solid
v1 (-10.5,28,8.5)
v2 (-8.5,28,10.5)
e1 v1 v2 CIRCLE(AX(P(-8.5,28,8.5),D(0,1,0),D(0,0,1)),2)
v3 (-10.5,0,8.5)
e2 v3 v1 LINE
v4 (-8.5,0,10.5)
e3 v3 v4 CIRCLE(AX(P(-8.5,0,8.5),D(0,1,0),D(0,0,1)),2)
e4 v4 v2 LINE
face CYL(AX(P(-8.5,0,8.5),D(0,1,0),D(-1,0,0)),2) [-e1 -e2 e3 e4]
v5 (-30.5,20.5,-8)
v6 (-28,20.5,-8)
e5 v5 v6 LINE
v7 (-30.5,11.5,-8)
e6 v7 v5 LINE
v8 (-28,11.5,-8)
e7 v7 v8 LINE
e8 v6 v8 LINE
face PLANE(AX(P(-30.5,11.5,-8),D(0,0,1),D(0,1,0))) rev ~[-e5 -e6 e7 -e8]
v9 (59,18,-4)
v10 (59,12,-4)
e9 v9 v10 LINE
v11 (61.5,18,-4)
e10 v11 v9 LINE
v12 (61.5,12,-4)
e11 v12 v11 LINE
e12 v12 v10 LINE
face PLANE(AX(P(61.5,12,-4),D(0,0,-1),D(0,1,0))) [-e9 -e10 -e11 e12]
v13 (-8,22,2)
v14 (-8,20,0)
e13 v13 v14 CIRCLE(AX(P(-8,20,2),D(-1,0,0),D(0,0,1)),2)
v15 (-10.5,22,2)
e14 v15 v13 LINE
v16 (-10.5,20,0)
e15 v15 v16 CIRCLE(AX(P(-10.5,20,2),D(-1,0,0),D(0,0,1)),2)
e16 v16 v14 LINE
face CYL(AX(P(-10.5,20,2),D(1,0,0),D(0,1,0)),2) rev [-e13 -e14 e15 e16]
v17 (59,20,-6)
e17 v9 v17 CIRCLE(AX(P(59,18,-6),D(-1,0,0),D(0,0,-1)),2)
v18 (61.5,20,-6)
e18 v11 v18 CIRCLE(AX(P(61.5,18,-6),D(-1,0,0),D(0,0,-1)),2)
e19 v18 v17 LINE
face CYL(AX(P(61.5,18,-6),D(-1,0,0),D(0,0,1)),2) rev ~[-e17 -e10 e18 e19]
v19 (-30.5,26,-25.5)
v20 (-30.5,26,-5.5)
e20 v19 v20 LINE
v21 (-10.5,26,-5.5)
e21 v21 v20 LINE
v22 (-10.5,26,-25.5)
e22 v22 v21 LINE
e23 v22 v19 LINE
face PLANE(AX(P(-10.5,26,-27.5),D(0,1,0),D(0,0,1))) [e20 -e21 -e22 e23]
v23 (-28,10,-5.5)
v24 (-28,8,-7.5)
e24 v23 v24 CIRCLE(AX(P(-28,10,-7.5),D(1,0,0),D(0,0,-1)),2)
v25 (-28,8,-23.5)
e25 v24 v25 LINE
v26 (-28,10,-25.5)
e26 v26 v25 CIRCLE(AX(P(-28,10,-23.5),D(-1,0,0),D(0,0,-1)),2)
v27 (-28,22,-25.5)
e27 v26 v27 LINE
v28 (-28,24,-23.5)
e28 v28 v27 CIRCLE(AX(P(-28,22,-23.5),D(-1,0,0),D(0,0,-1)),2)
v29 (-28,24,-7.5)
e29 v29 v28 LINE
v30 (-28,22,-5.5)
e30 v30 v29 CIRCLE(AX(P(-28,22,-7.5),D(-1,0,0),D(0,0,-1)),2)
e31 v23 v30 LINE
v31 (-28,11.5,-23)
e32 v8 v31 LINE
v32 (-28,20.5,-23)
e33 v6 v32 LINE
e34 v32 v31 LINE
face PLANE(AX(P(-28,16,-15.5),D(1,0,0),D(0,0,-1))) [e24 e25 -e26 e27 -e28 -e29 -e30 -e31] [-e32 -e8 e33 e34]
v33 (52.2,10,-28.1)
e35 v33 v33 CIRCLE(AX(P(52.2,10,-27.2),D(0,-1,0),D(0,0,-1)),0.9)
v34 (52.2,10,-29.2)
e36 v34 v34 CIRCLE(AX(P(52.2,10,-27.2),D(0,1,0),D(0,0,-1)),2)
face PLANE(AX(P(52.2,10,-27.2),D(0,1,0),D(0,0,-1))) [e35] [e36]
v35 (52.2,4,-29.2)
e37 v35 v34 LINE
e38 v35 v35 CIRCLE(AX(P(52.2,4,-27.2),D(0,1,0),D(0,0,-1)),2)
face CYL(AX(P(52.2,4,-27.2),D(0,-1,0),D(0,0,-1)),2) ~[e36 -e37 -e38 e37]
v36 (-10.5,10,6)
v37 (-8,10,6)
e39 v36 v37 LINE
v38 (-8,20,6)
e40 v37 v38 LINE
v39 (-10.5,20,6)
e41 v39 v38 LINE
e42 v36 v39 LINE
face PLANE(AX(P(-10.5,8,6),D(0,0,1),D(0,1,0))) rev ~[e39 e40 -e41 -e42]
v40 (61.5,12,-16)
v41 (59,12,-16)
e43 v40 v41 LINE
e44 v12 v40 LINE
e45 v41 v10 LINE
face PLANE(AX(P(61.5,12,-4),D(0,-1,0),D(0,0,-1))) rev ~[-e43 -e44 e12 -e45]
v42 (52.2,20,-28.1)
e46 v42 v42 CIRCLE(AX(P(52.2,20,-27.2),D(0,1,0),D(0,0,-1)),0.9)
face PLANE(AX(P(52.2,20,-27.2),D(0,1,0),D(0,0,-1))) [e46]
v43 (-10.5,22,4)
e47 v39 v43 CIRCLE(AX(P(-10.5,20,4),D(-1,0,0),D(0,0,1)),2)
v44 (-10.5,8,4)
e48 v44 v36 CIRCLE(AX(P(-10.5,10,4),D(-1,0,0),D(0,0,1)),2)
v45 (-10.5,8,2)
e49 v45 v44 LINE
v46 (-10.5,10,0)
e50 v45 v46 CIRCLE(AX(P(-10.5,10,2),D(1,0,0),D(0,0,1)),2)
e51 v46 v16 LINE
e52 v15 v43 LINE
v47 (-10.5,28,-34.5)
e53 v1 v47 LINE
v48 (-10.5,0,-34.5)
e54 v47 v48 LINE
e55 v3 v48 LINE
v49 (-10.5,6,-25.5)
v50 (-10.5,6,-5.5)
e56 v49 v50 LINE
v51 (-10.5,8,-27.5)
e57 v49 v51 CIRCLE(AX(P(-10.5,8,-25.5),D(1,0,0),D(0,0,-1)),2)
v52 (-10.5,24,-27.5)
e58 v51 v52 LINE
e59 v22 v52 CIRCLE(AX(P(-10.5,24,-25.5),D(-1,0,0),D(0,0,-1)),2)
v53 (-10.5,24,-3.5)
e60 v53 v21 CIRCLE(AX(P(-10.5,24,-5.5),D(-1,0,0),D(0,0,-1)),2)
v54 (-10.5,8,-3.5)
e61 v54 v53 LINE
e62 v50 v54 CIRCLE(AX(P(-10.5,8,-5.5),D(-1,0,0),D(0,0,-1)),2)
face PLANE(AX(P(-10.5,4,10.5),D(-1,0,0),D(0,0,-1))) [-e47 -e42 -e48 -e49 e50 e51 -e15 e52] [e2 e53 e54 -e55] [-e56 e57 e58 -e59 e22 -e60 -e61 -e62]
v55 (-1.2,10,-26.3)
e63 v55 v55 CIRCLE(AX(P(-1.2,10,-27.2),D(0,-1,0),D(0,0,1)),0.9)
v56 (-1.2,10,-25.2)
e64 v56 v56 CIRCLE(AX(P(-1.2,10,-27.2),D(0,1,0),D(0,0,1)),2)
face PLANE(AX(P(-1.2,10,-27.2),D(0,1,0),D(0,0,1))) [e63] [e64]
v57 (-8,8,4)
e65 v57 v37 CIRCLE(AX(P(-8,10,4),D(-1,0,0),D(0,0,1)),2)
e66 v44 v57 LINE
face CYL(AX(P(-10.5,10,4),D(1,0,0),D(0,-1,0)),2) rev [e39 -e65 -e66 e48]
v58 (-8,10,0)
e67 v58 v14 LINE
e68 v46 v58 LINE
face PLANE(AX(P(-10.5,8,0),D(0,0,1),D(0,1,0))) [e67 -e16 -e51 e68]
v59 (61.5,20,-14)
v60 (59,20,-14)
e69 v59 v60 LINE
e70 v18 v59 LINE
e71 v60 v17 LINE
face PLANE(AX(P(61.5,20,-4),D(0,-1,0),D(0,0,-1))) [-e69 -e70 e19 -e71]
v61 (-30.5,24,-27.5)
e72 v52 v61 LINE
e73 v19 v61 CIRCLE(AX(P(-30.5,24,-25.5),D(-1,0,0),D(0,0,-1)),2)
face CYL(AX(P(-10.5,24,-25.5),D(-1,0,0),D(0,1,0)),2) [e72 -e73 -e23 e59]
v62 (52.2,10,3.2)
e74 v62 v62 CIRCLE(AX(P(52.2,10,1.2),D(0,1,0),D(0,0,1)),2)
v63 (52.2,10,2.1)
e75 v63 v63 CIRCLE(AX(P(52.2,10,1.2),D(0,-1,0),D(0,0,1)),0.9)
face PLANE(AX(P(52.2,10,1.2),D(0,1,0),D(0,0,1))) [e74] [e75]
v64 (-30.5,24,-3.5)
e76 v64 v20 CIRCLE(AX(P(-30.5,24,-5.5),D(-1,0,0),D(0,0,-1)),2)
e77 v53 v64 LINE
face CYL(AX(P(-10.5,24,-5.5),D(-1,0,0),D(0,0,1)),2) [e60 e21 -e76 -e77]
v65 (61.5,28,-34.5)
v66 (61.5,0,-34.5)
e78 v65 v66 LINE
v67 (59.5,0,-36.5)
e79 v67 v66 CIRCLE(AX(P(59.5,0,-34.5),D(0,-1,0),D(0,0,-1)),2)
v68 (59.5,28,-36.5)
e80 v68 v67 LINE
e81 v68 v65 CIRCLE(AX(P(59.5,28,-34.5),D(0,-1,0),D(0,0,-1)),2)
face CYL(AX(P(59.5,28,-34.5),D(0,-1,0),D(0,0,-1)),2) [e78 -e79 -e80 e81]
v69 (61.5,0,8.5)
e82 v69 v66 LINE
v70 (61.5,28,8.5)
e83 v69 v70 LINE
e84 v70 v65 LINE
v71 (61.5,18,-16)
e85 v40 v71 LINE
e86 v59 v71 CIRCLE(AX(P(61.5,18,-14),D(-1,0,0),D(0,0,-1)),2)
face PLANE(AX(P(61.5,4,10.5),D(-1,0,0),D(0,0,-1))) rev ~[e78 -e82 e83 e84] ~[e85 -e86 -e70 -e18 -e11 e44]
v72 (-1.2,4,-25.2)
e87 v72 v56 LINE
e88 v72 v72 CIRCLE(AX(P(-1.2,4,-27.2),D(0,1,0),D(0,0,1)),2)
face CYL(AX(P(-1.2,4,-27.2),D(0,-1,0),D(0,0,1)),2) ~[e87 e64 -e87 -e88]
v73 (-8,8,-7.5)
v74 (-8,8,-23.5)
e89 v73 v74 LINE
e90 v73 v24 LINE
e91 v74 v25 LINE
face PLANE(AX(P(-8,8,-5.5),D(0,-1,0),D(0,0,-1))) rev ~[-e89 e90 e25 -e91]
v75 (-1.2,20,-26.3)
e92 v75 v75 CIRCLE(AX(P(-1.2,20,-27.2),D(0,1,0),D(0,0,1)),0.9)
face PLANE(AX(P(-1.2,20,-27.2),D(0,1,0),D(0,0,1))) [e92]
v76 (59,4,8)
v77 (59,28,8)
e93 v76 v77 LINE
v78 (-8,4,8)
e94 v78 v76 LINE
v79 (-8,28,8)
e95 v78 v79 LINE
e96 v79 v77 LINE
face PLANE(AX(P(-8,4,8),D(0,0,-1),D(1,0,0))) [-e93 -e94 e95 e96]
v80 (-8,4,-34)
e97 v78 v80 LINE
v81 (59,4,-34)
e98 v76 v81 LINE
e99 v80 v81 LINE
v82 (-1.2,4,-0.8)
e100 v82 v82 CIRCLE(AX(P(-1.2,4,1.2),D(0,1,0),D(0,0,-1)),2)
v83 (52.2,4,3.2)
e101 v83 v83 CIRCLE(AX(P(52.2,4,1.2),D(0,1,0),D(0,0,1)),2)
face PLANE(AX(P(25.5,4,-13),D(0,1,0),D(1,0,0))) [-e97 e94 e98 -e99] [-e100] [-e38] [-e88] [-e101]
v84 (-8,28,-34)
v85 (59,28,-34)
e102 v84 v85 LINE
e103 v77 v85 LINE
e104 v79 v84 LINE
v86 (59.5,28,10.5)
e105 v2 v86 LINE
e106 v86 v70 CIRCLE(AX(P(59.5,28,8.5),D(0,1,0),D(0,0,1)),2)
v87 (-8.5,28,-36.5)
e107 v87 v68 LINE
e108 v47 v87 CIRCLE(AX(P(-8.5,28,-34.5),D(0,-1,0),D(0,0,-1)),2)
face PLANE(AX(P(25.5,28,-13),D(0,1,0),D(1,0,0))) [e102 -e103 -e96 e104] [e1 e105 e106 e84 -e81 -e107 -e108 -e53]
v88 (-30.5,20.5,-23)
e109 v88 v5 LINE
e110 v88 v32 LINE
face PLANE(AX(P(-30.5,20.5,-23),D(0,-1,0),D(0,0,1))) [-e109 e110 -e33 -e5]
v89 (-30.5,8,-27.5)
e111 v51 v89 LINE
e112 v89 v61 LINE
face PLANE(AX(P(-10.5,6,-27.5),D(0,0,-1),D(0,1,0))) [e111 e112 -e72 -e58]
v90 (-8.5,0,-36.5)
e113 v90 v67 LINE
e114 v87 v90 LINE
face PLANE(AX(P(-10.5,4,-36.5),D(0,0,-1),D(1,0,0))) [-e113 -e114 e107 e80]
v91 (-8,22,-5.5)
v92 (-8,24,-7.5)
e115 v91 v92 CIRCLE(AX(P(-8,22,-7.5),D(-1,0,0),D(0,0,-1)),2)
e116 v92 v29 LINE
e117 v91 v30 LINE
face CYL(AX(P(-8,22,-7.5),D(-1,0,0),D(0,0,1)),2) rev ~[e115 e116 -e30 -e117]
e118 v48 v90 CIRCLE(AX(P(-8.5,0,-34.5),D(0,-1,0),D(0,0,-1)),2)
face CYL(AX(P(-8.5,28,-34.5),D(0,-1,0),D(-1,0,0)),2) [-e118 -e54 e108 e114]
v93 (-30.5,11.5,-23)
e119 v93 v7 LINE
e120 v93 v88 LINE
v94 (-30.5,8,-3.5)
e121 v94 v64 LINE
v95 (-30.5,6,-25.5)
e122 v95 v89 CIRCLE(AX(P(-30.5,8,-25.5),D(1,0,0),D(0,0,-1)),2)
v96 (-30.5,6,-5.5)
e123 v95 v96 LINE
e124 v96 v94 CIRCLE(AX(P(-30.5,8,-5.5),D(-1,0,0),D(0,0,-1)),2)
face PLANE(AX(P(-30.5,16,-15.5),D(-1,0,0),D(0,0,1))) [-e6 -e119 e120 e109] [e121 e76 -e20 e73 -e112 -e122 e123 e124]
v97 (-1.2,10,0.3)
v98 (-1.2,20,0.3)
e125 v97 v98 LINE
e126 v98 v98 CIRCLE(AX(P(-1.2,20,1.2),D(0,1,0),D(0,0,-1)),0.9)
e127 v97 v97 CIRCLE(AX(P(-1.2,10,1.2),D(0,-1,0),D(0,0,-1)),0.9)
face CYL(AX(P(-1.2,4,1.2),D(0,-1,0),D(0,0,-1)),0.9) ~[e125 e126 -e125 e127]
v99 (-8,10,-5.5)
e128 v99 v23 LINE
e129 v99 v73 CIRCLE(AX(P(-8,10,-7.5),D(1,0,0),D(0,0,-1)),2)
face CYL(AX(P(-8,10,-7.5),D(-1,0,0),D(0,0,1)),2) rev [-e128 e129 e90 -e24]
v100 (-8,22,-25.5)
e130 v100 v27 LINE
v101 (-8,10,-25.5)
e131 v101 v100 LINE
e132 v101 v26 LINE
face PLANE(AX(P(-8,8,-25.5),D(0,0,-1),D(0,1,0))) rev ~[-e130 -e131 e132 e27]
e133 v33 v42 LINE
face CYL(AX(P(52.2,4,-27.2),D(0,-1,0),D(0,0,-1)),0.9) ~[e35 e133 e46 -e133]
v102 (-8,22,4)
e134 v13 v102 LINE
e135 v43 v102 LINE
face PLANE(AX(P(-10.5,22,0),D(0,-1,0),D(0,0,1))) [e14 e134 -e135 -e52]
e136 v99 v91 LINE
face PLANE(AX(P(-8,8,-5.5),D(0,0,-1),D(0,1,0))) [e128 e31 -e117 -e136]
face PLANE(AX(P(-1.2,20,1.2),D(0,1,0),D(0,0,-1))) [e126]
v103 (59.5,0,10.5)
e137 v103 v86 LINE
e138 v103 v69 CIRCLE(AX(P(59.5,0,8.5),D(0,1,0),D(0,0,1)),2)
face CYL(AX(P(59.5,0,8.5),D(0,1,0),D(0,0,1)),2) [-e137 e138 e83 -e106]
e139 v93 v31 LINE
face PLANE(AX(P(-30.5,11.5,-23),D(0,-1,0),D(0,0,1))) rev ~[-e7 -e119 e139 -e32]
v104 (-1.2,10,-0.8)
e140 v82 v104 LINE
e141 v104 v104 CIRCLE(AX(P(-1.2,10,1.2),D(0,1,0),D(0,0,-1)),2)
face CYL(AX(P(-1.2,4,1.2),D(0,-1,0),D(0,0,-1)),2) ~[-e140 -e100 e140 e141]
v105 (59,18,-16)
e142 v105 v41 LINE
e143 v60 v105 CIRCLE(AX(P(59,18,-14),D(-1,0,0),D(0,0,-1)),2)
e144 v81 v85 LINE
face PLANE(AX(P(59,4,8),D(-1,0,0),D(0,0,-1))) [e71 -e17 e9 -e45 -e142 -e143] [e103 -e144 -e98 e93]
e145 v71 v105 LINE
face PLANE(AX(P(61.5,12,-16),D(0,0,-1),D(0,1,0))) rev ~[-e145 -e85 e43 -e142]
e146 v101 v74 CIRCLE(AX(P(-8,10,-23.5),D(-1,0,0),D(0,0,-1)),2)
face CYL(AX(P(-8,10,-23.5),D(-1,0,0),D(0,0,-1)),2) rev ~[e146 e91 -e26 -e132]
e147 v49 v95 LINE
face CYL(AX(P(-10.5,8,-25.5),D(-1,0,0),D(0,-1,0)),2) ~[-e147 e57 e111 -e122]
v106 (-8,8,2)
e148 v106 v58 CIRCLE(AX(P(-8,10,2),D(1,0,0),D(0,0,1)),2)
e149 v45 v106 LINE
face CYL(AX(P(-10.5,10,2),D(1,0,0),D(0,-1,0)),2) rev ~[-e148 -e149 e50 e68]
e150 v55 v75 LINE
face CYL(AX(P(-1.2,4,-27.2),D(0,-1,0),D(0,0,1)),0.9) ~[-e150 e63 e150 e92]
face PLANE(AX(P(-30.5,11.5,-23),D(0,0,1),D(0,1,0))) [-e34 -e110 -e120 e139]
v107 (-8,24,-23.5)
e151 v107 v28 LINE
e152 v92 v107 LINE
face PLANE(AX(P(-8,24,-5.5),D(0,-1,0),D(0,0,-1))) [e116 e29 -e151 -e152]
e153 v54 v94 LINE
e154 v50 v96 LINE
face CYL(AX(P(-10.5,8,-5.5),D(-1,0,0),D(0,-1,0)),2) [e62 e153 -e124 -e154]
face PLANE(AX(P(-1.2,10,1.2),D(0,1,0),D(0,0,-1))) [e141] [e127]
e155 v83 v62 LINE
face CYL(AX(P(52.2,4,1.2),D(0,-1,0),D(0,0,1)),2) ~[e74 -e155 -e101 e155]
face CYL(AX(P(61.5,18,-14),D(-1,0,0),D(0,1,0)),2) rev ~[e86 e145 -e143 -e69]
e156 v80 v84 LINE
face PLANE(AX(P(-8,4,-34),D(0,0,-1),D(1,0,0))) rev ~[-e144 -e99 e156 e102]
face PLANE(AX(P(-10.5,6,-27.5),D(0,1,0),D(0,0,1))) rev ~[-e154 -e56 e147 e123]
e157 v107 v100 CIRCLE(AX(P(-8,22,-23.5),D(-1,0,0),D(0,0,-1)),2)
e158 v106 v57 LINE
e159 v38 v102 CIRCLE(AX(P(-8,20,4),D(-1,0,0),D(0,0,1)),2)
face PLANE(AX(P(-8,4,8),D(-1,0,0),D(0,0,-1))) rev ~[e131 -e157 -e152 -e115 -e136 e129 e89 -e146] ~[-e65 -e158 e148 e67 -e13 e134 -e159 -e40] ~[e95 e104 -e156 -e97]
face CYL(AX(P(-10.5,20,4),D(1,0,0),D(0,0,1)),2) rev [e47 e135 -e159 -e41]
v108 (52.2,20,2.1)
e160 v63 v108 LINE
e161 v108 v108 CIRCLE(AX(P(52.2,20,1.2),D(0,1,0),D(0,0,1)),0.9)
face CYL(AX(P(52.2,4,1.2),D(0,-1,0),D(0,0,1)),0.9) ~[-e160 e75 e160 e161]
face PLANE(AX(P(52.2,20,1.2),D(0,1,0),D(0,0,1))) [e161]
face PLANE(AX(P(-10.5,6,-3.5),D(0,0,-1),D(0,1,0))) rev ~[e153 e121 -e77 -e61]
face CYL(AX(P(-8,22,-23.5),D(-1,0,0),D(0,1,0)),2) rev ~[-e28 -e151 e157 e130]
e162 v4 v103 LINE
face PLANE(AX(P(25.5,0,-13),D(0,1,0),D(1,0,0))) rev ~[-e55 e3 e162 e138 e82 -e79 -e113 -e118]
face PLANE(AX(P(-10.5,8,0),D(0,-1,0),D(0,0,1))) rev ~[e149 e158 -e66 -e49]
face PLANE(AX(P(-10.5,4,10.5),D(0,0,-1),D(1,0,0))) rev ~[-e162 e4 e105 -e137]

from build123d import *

# Parameters (mm, degrees)
SKETCH1_W           = 72
SKETCH1_H           = 47
BOSS_EXTRUDE1_DEPTH = 4
SKETCH3_W           = 72
SKETCH3_H           = 47
SKETCH3_W_2         = 67
SKETCH3_H_2         = 42
BOSS_EXTRUDE3_DEPTH = 24
SKETCH2_R           = 0.9
BOSS_EXTRUDE4_DEPTH = 16
SKETCH4_R           = 2
BOSS_EXTRUDE5_DEPTH = 6
SKETCH5_W           = 12
SKETCH5_H           = 8
CUT_EXTRUDE1_DEPTH  = 6
FILLET2_R           = 2
FILLET3_R           = 2
SKETCH11_W          = 24
SKETCH11_H          = 20
BOSS_EXTRUDE7_DEPTH = 20
SKETCH12_W          = 20
SKETCH12_H          = 16
CUT_EXTRUDE4_DEPTH  = 20
SKETCH13_W          = 15
SKETCH13_H          = 9
CUT_EXTRUDE5_DEPTH  = 20
FILLET4_R           = 2
FILLET5_R           = 2
SKETCH14_W          = 6
SKETCH14_H          = 14
CUT_EXTRUDE6_DEPTH  = 5
FILLET6_R           = 2


with BuildPart() as part:
    # Sketch1 → Boss-Extrude1 (new body)
    with BuildSketch(Plane(origin=(0, 0, 0), x_dir=(1, 0, 0), z_dir=(0, 1, 0))):
        with Locations((25.5, 13)):
            Rectangle(SKETCH1_W, SKETCH1_H)
    extrude(amount=BOSS_EXTRUDE1_DEPTH)

    # Sketch3 → Boss-Extrude3 (add)
    with BuildSketch(Plane(origin=(0, 4, 0), x_dir=(1, 0, 0), z_dir=(0, 1, 0))):
        with Locations((25.5, 13)):
            Rectangle(SKETCH3_W, SKETCH3_H)
        with Locations((25.5, 13)):
            Rectangle(SKETCH3_W_2, SKETCH3_H_2, mode=Mode.SUBTRACT)
    extrude(amount=BOSS_EXTRUDE3_DEPTH)

    # Sketch2 → Boss-Extrude4 (add)
    with BuildSketch(Plane(origin=(0, 4, 0), x_dir=(1, 0, 0), z_dir=(0, 1, 0))):
        with Locations(Location((-1.2, 27.2, 0), (0, 0, 270))):
            Circle(SKETCH2_R)
        with Locations(Location((-1.2, -1.2, 0), (0, 0, 90))):
            Circle(SKETCH2_R)
        with Locations(Location((52.2, -1.2, 0), (0, 0, 270))):
            Circle(SKETCH2_R)
        with Locations(Location((52.2, 27.2, 0), (0, 0, 90))):
            Circle(SKETCH2_R)
    extrude(amount=BOSS_EXTRUDE4_DEPTH)

    # Sketch4 → Boss-Extrude5 (add)
    with BuildSketch(Plane(origin=(0, 4, 0), x_dir=(1, 0, 0), z_dir=(0, 1, 0))):
        with Locations(Location((-1.2, 27.2, 0), (0, 0, 270))):
            Circle(SKETCH4_R)
        with Locations(Location((-1.2, -1.2, 0), (0, 0, 90))):
            Circle(SKETCH4_R)
        with Locations(Location((52.2, -1.2, 0), (0, 0, 270))):
            Circle(SKETCH4_R)
        with Locations(Location((52.2, 27.2, 0), (0, 0, 90))):
            Circle(SKETCH4_R)
    extrude(amount=BOSS_EXTRUDE5_DEPTH)

    # Sketch5 → Cut-Extrude1 (cut)
    with BuildSketch(Plane(origin=(61.5, 0, 0), x_dir=(0, 0, -1), z_dir=(1, 0, 0))):
        with Locations((10, 16)):
            Rectangle(SKETCH5_W, SKETCH5_H)
    extrude(amount=-CUT_EXTRUDE1_DEPTH, mode=Mode.SUBTRACT)

    # Fillet2
    fillet2_edges = [part.edges().sort_by_distance(p)[0] for p in [
        (-10.5, 14, 10.5),
        (-10.5, 14, -36.5),
        (61.5, 14, -36.5),
        (61.5, 14, 10.5),
    ]]
    fillet(fillet2_edges, radius=FILLET2_R)

    # Fillet3
    fillet3_edges = [part.edges().sort_by_distance(p)[0] for p in [
        (60.25, 20, -4),
        (60.25, 20, -16),
    ]]
    fillet(fillet3_edges, radius=FILLET3_R)

    # Sketch11 → Boss-Extrude7 (add)
    with BuildSketch(Plane.ZY.offset(10.5)):
        with Locations((-15.5, 16)):
            Rectangle(SKETCH11_W, SKETCH11_H)
    extrude(amount=BOSS_EXTRUDE7_DEPTH)

    # Sketch12 → Cut-Extrude4 (cut)
    with BuildSketch(Plane(origin=(-8, 0, 0), x_dir=(0, 0, -1), z_dir=(1, 0, 0))):
        with Locations((15.5, 16)):
            Rectangle(SKETCH12_W, SKETCH12_H)
    extrude(amount=-CUT_EXTRUDE4_DEPTH, mode=Mode.SUBTRACT)

    # Sketch13 → Cut-Extrude5 (cut)
    with BuildSketch(Plane.ZY.offset(30.5)):
        with Locations((-15.5, 16)):
            Rectangle(SKETCH13_W, SKETCH13_H)
    extrude(amount=-CUT_EXTRUDE5_DEPTH, mode=Mode.SUBTRACT)

    # Fillet4
    fillet4_edges = [part.edges().sort_by_distance(p)[0] for p in [
        (-18, 8, -25.5),
        (-18, 8, -5.5),
        (-18, 24, -5.5),
        (-18, 24, -25.5),
    ]]
    fillet(fillet4_edges, radius=FILLET4_R)

    # Fillet5
    fillet5_edges = [part.edges().sort_by_distance(p)[0] for p in [
        (-20.5, 26, -27.5),
        (-20.5, 6, -27.5),
        (-20.5, 6, -3.5),
        (-20.5, 26, -3.5),
    ]]
    fillet(fillet5_edges, radius=FILLET5_R)

    # Sketch14 → Cut-Extrude6 (cut)
    with BuildSketch(Plane.ZY.offset(10.5)):
        with Locations((3, 15)):
            Rectangle(SKETCH14_W, SKETCH14_H)
    extrude(amount=-CUT_EXTRUDE6_DEPTH, mode=Mode.SUBTRACT)

    # Fillet6
    fillet6_edges = [part.edges().sort_by_distance(p)[0] for p in [
        (-9.25, 8, 0),
        (-9.25, 22, 0),
        (-9.25, 22, 6),
        (-9.25, 8, 6),
    ]]
    fillet(fillet6_edges, radius=FILLET6_R)


solid = part.part
